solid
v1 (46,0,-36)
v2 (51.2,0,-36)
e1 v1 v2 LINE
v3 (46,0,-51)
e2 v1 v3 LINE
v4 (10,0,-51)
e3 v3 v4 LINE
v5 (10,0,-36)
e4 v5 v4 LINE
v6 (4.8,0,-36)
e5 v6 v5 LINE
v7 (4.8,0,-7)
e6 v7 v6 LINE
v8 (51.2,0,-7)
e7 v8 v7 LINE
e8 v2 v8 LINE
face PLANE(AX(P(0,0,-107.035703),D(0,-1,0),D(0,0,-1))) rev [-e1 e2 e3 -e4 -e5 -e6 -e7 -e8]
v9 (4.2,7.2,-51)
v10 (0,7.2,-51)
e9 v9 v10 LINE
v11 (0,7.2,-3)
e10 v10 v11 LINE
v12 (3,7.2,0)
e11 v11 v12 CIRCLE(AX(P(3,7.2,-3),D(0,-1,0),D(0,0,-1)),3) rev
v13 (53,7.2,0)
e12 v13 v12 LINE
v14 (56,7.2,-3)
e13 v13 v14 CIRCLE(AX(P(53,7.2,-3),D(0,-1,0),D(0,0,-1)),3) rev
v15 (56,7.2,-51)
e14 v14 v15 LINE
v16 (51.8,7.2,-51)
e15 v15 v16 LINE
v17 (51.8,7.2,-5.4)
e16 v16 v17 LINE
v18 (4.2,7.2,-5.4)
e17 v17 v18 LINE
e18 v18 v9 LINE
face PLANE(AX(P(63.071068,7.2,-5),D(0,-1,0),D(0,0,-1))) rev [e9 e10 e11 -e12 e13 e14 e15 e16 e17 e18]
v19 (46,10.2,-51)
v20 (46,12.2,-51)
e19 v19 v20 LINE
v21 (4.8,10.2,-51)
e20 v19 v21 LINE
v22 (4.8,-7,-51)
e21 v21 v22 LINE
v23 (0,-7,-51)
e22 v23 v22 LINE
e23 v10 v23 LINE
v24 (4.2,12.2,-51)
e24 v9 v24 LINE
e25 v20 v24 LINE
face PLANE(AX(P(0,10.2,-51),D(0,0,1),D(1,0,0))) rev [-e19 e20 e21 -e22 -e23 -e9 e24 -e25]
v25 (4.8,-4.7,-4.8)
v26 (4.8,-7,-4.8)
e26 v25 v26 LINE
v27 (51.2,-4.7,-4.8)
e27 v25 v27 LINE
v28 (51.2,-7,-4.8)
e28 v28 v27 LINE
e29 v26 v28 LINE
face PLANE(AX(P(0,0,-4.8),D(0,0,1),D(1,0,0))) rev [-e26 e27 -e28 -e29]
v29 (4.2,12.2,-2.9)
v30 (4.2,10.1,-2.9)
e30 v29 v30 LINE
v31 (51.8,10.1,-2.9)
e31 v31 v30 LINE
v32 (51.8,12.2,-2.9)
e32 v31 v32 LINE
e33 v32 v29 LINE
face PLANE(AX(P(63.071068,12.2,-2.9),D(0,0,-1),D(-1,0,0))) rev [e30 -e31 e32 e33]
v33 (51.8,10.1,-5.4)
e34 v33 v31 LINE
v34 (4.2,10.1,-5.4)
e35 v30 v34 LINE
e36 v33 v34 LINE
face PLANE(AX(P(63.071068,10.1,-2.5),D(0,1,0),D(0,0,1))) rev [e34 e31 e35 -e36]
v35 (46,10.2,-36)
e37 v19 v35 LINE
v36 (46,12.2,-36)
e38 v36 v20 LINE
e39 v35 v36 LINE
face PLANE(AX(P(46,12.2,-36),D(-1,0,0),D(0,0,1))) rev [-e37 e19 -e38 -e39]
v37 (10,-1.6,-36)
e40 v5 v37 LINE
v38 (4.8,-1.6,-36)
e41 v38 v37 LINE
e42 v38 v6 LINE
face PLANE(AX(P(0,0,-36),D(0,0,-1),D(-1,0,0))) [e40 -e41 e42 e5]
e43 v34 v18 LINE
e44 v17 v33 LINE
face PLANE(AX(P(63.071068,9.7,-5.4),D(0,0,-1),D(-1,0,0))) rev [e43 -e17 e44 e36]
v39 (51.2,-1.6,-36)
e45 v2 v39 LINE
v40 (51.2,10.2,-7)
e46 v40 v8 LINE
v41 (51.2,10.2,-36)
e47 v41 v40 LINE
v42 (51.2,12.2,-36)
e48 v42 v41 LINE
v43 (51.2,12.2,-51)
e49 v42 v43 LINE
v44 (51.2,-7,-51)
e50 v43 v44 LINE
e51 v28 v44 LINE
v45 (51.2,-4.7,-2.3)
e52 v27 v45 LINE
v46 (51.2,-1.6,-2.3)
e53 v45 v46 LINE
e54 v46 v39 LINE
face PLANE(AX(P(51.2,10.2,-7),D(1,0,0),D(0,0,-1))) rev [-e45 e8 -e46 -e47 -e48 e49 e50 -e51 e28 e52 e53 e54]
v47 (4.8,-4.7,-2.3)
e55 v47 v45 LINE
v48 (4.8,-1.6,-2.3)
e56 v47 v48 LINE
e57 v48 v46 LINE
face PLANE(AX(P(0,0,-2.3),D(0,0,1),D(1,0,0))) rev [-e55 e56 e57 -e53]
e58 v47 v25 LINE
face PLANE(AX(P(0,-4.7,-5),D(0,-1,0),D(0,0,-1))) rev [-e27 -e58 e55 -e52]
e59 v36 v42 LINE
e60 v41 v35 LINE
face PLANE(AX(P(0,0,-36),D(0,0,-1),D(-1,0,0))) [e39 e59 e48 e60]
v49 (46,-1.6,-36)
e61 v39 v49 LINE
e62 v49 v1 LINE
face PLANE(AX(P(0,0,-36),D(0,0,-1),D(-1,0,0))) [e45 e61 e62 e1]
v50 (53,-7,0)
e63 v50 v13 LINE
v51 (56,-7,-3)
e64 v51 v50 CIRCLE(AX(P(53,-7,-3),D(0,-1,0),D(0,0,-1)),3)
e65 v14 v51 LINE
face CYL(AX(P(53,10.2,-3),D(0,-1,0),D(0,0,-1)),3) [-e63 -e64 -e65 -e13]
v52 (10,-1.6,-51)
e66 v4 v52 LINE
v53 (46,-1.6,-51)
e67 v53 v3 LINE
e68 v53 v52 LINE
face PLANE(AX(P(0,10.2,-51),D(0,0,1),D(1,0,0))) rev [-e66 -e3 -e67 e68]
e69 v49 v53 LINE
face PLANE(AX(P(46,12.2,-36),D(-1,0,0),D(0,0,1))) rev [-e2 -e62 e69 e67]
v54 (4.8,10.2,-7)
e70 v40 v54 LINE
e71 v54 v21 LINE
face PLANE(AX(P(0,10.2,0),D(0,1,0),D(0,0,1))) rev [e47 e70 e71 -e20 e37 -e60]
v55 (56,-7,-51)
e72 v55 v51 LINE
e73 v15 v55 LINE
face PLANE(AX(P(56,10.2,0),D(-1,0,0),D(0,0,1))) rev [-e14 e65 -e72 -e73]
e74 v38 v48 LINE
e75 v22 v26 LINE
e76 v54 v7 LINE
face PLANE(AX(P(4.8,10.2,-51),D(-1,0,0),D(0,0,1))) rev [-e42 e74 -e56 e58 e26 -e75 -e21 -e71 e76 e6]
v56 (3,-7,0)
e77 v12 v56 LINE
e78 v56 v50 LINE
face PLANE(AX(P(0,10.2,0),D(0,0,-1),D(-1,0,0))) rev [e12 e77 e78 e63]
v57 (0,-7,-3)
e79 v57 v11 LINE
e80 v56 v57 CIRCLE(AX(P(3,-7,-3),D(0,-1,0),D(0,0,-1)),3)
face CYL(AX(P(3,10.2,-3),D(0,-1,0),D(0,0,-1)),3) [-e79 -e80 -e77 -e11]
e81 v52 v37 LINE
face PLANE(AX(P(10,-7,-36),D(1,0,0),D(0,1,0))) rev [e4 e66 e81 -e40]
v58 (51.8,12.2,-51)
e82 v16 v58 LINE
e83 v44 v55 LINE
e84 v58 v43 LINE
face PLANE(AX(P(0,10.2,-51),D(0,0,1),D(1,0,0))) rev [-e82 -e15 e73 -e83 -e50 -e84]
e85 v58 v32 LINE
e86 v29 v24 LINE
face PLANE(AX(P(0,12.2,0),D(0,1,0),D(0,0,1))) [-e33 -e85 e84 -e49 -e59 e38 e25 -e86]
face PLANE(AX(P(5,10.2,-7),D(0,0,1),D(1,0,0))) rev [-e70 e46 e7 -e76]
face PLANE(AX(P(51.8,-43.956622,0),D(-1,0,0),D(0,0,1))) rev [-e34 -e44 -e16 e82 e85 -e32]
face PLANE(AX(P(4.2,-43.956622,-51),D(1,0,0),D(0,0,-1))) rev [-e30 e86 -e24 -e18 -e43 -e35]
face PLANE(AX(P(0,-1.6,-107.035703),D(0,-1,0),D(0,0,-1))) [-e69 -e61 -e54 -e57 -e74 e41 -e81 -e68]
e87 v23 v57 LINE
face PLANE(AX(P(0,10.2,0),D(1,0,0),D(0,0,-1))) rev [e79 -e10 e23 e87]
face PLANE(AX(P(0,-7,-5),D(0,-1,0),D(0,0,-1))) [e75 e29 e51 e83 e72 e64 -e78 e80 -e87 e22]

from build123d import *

# Parameters (mm, degrees)
BOSS_EXTRUDE8_DEPTH  = 10.2
SKETCH8_W            = 56
SKETCH8_H            = 51
BOSS_EXTRUDE9_DEPTH  = 2
CUT_EXTRUDE1_START   = -4
CUT_EXTRUDE1_DEPTH   = 48
SKETCH12_W           = 4
SKETCH12_H           = 51
CUT_EXTRUDE2_DEPTH   = 5
SKETCH11_W           = 56
SKETCH11_H           = 2
BOSS_EXTRUDE10_DEPTH = 51
SKETCH11_3_W         = 56
SKETCH11_3_H         = 2.5
BOSS_EXTRUDE11_DEPTH = 2.5
SKETCH11_4_W         = 56
SKETCH11_4_H         = 2.5
BOSS_EXTRUDE12_DEPTH = 5
SKETCH13_W           = 5
SKETCH13_H           = 48.5
BOSS_EXTRUDE13_DEPTH = 5
SKETCH14_W           = 5
SKETCH14_H           = 14.2
SKETCH14_H_2         = 7
CUT_EXTRUDE3_DEPTH   = 15
FILLET1_R            = 3
MOVE_FACE1_BY        = 0.2
MOVE_FACE1_2_BY      = 0.2
MOVE_FACE1_3_BY      = 0.2
MOVE_FACE1_4_BY      = 0.2
MOVE_FACE2_BY        = 0.2
MOVE_FACE2_2_BY      = 0.2
MOVE_FACE2_3_BY      = 0.2
MOVE_FACE2_4_BY      = 0.2
MOVE_FACE2_5_BY      = 0.2
MOVE_FACE3_BY        = 0.2
MOVE_FACE3_2_BY      = 0.2
MOVE_FACE3_3_BY      = 0.2
MOVE_FACE3_4_BY      = 0.2
MOVE_FACE3_5_BY      = 0.2
MOVE_FACE3_6_BY      = 0.2


with BuildPart() as part:
    # Sketch1 → Boss-Extrude8 (new body)
    with BuildSketch(Plane(origin=(0, 0, 0), x_dir=(1, 0, 0), z_dir=(0, 1, 0))):
        Polygon((0, 51), (5, 51), (5, 49), (5, 7), (51, 7), (51, 51), (56, 51), (56, 0), (0, 0), align=None)
    extrude(amount=BOSS_EXTRUDE8_DEPTH)

    # Sketch8 → Boss-Extrude9 (add)
    with BuildSketch(Plane(origin=(0, 10.2, 0), x_dir=(1, 0, 0), z_dir=(0, 1, 0))):
        with Locations((28, 25.5)):
            Rectangle(SKETCH8_W, SKETCH8_H)
    extrude(amount=BOSS_EXTRUDE9_DEPTH)

    # Sketch10 → Cut-Extrude1 (cut)
    with BuildSketch(Plane.ZY.offset(CUT_EXTRUDE1_START)):
        Polygon((0, 12.2), (-2.5, 12.2), (-2.5, 9.7), (-5, 9.7), (-5, 7.2), (0, 7.2), align=None)
    extrude(amount=-CUT_EXTRUDE1_DEPTH, mode=Mode.SUBTRACT)

    # Sketch12 → Cut-Extrude2 (cut)
    with BuildSketch(Plane(origin=(0, 12.2, 0), x_dir=(1, 0, 0), z_dir=(0, 1, 0))):
        with Locations((2, 25.5)):
            Rectangle(SKETCH12_W, SKETCH12_H)
        with Locations((54, 25.5)):
            Rectangle(SKETCH12_W, SKETCH12_H)
    extrude(amount=-CUT_EXTRUDE2_DEPTH, mode=Mode.SUBTRACT)

    # Sketch11 → Boss-Extrude10 (add)
    with BuildSketch(Plane.XY):
        with Locations((28, -1)):
            Rectangle(SKETCH11_W, SKETCH11_H)
    extrude(amount=-BOSS_EXTRUDE10_DEPTH)

    # Sketch11<3> → Boss-Extrude11 (add)
    with BuildSketch(Plane.XY):
        with Locations((28, -3.25)):
            Rectangle(SKETCH11_3_W, SKETCH11_3_H)
    extrude(amount=-BOSS_EXTRUDE11_DEPTH)

    # Sketch11<4> → Boss-Extrude12 (add)
    with BuildSketch(Plane.XY):
        with Locations((28, -5.75)):
            Rectangle(SKETCH11_4_W, SKETCH11_4_H)
    extrude(amount=-BOSS_EXTRUDE12_DEPTH)

    # Sketch13 → Boss-Extrude13 (add)
    with BuildSketch(Plane.XZ.offset(2)):
        with Locations((2.5, -26.75)):
            Rectangle(SKETCH13_W, SKETCH13_H)
        with Locations((53.5, -26.75)):
            Rectangle(SKETCH13_W, SKETCH13_H)
    extrude(amount=BOSS_EXTRUDE13_DEPTH)

    # Sketch14 → Cut-Extrude3 (cut)
    with BuildSketch(Plane(origin=(0, 0, -51), x_dir=(-1, 0, 0), z_dir=(0, 0, -1))):
        with Locations((-48.5, 5.1)):
            Rectangle(SKETCH14_W, SKETCH14_H)
        with Locations((-7.5, -3.5)):
            Rectangle(SKETCH14_W, SKETCH14_H_2)
    extrude(amount=-CUT_EXTRUDE3_DEPTH, mode=Mode.SUBTRACT)

    # Fillet1
    fillet1_edges = [part.edges().sort_by_distance(p)[0] for p in [
        (56, 0.1, 0),
        (0, 0.1, 0),
    ]]
    fillet(fillet1_edges, radius=FILLET1_R)

    # Move Face1: a face moved inward by 0.2
    extrude(part.faces().sort_by_distance((28, 9.7, -3.75))[0], amount=MOVE_FACE1_BY, dir=(0, 1, 0), mode=Mode.SUBTRACT)

    # Move Face1 2: a face moved inward by 0.2
    extrude(part.faces().sort_by_distance((28, 10.95, -2.5))[0], amount=MOVE_FACE1_2_BY, dir=(0, 0, -1), mode=Mode.SUBTRACT)

    # Move Face1 3: a face moved inward by 0.2
    extrude(part.faces().sort_by_distance((28, 8.45, -5))[0], amount=MOVE_FACE1_3_BY, dir=(0, 0, -1), mode=Mode.SUBTRACT)

    # Move Face1 4: a face moved inward by 0.2
    extrude(part.faces().sort_by_distance((28, -2, -25.542647765))[0], amount=MOVE_FACE1_4_BY, dir=(0, 1, 0), mode=Mode.SUBTRACT)

    # Move Face2: a face moved inward by 0.2
    extrude(part.faces().sort_by_distance((28, 9.9, -3.95))[0], amount=MOVE_FACE2_BY, dir=(0, 1, 0), mode=Mode.SUBTRACT)

    # Move Face2 2: a face moved inward by 0.2
    extrude(part.faces().sort_by_distance((28, 8.55, -5.2))[0], amount=MOVE_FACE2_2_BY, dir=(0, 0, -1), mode=Mode.SUBTRACT)

    # Move Face2 3: a face moved inward by 0.2
    extrude(part.faces().sort_by_distance((28, 11.05, -2.7))[0], amount=MOVE_FACE2_3_BY, dir=(0, 0, -1), mode=Mode.SUBTRACT)

    # Move Face2 4: a face moved inward by 0.2
    extrude(part.faces().sort_by_distance((52, 9.733067093, -27.508466454))[0], amount=MOVE_FACE2_4_BY, dir=(-1, 0, 0), mode=Mode.SUBTRACT)

    # Move Face2 5: a face moved inward by 0.2
    extrude(part.faces().sort_by_distance((4, 9.733067093, -27.508466454))[0], amount=MOVE_FACE2_5_BY, dir=(1, 0, 0), mode=Mode.SUBTRACT)

    # Move Face3: a face moved inward by 0.2
    extrude(part.faces().sort_by_distance((5, 1.649930724, -28.974870107))[0], amount=MOVE_FACE3_BY, dir=(-1, 0, 0), mode=Mode.SUBTRACT)

    # Move Face3 2: a face moved inward by 0.2
    extrude(part.faces().sort_by_distance((51, 2.03104423, -29.55452278))[0], amount=MOVE_FACE3_2_BY, dir=(1, 0, 0), mode=Mode.SUBTRACT)

    # Move Face3 3: a face moved inward by 0.2
    extrude(part.faces().sort_by_distance((28, -5.75, -5))[0], amount=MOVE_FACE3_3_BY, dir=(0, 0, 1), mode=Mode.SUBTRACT)

    # Move Face3 4: a face moved inward by 0.2
    extrude(part.faces().sort_by_distance((28, -4.5, -3.75))[0], amount=MOVE_FACE3_4_BY, dir=(0, -1, 0), mode=Mode.SUBTRACT)

    # Move Face3 5: a face moved inward by 0.2
    extrude(part.faces().sort_by_distance((28, -3.15, -2.5))[0], amount=MOVE_FACE3_5_BY, dir=(0, 0, 1), mode=Mode.SUBTRACT)

    # Move Face3 6: a face moved inward by 0.2
    extrude(part.faces().sort_by_distance((28, -1.8, -25.542647765))[0], amount=MOVE_FACE3_6_BY, dir=(0, 1, 0), mode=Mode.SUBTRACT)


solid = part.part
